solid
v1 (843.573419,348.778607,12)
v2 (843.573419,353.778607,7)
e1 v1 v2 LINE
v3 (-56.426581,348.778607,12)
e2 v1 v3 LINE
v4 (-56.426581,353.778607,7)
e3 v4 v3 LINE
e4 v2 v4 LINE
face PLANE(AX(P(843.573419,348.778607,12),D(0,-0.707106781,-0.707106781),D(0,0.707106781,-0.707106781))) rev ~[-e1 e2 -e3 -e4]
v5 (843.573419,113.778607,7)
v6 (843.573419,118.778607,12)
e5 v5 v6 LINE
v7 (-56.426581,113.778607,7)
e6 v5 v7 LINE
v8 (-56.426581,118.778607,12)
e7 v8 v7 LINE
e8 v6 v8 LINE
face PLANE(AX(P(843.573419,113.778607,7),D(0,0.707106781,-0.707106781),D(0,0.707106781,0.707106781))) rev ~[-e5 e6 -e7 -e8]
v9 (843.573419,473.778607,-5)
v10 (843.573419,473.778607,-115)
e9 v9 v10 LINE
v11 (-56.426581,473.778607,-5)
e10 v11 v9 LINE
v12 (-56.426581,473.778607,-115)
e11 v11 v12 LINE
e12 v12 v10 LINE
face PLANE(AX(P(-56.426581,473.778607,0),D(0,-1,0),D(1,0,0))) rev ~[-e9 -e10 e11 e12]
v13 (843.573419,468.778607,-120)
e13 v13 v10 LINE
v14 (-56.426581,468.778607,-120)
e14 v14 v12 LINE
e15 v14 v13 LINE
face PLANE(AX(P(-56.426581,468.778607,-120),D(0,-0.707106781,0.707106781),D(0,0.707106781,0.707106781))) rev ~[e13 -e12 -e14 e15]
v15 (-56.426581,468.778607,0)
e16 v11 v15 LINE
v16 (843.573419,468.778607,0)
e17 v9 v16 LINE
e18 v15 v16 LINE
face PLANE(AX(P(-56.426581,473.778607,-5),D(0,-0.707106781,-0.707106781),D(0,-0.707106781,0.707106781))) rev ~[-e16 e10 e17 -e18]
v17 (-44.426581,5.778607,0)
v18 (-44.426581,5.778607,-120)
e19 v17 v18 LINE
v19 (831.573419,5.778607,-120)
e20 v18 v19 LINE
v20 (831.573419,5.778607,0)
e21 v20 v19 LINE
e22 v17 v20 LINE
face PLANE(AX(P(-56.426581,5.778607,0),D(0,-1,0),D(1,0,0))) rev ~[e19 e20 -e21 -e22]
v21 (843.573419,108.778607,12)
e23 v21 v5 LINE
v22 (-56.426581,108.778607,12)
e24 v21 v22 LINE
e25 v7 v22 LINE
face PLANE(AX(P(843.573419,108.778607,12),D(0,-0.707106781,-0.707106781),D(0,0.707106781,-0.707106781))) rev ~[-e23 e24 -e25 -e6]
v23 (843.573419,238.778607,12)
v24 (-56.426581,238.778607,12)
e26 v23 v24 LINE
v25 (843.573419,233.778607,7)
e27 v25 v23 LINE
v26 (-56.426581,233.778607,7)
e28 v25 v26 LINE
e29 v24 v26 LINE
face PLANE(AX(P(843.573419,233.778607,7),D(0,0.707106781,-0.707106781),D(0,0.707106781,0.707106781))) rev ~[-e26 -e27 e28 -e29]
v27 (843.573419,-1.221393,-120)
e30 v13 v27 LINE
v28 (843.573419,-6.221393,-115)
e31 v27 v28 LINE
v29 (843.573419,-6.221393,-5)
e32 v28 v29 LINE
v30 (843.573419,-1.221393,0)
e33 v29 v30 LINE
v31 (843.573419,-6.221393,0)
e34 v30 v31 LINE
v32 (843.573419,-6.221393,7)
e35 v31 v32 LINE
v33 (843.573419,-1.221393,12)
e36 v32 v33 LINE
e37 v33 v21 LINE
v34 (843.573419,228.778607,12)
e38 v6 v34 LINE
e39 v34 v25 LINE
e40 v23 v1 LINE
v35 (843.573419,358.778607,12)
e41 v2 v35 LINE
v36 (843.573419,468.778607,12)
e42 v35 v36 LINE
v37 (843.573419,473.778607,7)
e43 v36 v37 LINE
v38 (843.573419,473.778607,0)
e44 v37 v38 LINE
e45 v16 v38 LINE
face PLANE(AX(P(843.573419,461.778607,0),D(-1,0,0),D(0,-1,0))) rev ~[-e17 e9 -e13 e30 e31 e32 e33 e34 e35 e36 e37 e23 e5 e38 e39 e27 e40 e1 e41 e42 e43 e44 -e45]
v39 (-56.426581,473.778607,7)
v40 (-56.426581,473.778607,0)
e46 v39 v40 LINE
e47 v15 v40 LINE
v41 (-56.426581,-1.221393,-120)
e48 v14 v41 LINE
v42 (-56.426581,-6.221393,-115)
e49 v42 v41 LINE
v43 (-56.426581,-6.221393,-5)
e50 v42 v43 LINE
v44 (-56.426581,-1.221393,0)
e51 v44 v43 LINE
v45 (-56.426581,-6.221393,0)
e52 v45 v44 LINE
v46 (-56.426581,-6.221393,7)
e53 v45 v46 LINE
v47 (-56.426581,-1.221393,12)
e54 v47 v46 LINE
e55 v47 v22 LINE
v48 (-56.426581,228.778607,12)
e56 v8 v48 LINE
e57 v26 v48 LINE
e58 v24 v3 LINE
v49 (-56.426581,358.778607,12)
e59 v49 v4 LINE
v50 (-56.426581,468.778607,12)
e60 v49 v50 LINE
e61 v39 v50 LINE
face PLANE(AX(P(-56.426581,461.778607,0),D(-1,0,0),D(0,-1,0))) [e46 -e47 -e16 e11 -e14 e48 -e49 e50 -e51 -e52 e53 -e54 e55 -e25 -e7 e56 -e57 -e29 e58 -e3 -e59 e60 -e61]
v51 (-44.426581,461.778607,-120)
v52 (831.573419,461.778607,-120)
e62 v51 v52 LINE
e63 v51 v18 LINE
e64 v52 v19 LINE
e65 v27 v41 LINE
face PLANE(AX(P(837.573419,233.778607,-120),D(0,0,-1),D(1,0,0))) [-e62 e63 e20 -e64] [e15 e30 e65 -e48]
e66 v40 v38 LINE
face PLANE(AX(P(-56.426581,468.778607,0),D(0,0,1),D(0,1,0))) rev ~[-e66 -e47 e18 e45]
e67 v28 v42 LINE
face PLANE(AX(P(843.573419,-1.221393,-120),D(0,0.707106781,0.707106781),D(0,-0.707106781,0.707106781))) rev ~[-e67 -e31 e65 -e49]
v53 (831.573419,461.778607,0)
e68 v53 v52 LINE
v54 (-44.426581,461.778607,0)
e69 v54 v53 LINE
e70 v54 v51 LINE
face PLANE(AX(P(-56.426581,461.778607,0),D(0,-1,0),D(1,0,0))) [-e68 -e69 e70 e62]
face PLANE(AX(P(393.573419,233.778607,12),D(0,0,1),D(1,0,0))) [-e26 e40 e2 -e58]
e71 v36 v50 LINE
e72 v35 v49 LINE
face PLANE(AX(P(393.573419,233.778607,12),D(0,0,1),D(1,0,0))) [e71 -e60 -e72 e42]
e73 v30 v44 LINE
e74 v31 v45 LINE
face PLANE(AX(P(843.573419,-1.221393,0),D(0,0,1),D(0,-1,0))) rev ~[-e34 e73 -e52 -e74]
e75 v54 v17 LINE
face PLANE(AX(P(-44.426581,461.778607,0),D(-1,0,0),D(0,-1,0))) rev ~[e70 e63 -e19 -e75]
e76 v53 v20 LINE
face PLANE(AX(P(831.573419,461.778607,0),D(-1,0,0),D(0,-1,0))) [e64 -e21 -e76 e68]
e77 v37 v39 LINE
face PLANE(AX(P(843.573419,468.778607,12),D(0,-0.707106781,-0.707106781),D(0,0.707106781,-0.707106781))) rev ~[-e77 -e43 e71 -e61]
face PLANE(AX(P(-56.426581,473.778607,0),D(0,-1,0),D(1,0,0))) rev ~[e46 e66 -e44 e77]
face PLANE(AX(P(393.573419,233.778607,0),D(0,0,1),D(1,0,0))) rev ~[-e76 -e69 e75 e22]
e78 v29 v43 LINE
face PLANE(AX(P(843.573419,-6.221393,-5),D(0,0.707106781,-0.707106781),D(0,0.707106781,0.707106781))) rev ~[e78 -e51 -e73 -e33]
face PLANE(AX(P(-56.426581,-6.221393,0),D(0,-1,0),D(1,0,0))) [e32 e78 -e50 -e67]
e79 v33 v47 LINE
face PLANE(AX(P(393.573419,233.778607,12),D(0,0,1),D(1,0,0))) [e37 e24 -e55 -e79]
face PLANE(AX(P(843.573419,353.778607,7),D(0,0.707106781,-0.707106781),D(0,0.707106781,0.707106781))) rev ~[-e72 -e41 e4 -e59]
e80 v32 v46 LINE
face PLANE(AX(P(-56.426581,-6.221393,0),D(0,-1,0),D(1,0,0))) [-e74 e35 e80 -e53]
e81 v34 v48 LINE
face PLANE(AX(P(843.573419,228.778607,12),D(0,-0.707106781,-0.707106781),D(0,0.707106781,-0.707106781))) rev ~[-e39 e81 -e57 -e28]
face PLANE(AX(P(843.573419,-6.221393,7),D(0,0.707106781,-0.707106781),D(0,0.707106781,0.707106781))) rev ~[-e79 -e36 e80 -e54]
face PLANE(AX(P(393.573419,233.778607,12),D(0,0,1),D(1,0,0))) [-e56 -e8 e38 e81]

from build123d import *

# Parameters (mm, degrees)
F0_W      = 900
F0_H      = 480
F1_DEPTH  = 12
F3_DEPTH  = 900.001
F4_W      = 900
F4_H      = 12
F5_DEPTH  = 120
F6_W      = 900
F6_H      = 12
F7_DEPTH  = 120
F8_W      = 12
F8_H      = 456
F9_DEPTH  = 120
F10_W     = 12
F10_H     = 456
F11_DEPTH = 120
F13_DEPTH = 900.001
F15_DEPTH = 900.001


with BuildPart() as f1:
    # F0 (on Top) → F1 (new body)
    with BuildSketch(Plane.XY):
        with Locations((393.5734190047, 233.7786073424)):
            Rectangle(F0_W, F0_H)
    extrude(amount=F1_DEPTH)

    # F2 (on face) → F3 (cut, through all)
    with BuildSketch(Plane.YZ.offset(843.5734190047)):
        Polygon((-1.2213926576, 12), (-6.2213926576, 12), (-6.2213926576, 7), align=None)
        Polygon((118.7786073424, 12), (113.7786073424, 12), (108.7786073424, 12), (113.7786073424, 7), align=None)
        Polygon((238.7786073424, 12), (233.7786073424, 12), (228.7786073424, 12), (233.7786073424, 7), align=None)
        Polygon((358.7786073424, 12), (353.7786073424, 12), (348.7786073424, 12), (353.7786073424, 7), align=None)
        Polygon((473.7786073424, 7), (473.7786073424, 12), (468.7786073424, 12), align=None)
    extrude(amount=-F3_DEPTH, mode=Mode.SUBTRACT)

    # F4 (on face) → F5 (join)
    with BuildSketch(Plane(origin=(0, 0, 0), x_dir=(1, 0, 0), z_dir=(0, 0, -1))):
        with Locations((393.5734190047, -467.7786073424)):
            Rectangle(F4_W, F4_H)
    extrude(amount=F5_DEPTH)

    # F6 (on face) → F7 (join)
    with BuildSketch(Plane(origin=(0, 0, 0), x_dir=(1, 0, 0), z_dir=(0, 0, -1))):
        with Locations((393.5734190047, 0.2213926576)):
            Rectangle(F6_W, F6_H)
    extrude(amount=F7_DEPTH)

    # F8 (on face) → F9 (join)
    with BuildSketch(Plane(origin=(0, 0, 0), x_dir=(1, 0, 0), z_dir=(0, 0, -1))):
        with Locations((-50.4265809953, -233.7786073424)):
            Rectangle(F8_W, F8_H)
    extrude(amount=F9_DEPTH)

    # F10 (on face) → F11 (join)
    with BuildSketch(Plane(origin=(0, 0, 0), x_dir=(1, 0, 0), z_dir=(0, 0, -1))):
        with Locations((837.5734190047, -233.7786073424)):
            Rectangle(F10_W, F10_H)
    extrude(amount=F11_DEPTH)

    # F12 (on face) → F13 (cut, through all)
    with BuildSketch(Plane.YZ.offset(843.5734190047)):
        Polygon((-1.2213926576, 0), (-6.2213926576, 0), (-6.2213926576, -5), align=None)
        Polygon((-6.2213926576, -115), (-6.2213926576, -120), (-1.2213926576, -120), align=None)
    extrude(amount=-F13_DEPTH, mode=Mode.SUBTRACT)

    # F14 (on face) → F15 (cut, through all)
    with BuildSketch(Plane(origin=(-56.4265809953, 0, 0), x_dir=(0, -1, 0), z_dir=(-1, 0, 0))):
        Polygon((-468.7786073424, 0), (-473.7786073424, 0), (-473.7786073424, -5), align=None)
        Polygon((-473.7786073424, -115), (-473.7786073424, -120), (-468.7786073424, -120), align=None)
    extrude(amount=-F15_DEPTH, mode=Mode.SUBTRACT)


solid = f1.part
